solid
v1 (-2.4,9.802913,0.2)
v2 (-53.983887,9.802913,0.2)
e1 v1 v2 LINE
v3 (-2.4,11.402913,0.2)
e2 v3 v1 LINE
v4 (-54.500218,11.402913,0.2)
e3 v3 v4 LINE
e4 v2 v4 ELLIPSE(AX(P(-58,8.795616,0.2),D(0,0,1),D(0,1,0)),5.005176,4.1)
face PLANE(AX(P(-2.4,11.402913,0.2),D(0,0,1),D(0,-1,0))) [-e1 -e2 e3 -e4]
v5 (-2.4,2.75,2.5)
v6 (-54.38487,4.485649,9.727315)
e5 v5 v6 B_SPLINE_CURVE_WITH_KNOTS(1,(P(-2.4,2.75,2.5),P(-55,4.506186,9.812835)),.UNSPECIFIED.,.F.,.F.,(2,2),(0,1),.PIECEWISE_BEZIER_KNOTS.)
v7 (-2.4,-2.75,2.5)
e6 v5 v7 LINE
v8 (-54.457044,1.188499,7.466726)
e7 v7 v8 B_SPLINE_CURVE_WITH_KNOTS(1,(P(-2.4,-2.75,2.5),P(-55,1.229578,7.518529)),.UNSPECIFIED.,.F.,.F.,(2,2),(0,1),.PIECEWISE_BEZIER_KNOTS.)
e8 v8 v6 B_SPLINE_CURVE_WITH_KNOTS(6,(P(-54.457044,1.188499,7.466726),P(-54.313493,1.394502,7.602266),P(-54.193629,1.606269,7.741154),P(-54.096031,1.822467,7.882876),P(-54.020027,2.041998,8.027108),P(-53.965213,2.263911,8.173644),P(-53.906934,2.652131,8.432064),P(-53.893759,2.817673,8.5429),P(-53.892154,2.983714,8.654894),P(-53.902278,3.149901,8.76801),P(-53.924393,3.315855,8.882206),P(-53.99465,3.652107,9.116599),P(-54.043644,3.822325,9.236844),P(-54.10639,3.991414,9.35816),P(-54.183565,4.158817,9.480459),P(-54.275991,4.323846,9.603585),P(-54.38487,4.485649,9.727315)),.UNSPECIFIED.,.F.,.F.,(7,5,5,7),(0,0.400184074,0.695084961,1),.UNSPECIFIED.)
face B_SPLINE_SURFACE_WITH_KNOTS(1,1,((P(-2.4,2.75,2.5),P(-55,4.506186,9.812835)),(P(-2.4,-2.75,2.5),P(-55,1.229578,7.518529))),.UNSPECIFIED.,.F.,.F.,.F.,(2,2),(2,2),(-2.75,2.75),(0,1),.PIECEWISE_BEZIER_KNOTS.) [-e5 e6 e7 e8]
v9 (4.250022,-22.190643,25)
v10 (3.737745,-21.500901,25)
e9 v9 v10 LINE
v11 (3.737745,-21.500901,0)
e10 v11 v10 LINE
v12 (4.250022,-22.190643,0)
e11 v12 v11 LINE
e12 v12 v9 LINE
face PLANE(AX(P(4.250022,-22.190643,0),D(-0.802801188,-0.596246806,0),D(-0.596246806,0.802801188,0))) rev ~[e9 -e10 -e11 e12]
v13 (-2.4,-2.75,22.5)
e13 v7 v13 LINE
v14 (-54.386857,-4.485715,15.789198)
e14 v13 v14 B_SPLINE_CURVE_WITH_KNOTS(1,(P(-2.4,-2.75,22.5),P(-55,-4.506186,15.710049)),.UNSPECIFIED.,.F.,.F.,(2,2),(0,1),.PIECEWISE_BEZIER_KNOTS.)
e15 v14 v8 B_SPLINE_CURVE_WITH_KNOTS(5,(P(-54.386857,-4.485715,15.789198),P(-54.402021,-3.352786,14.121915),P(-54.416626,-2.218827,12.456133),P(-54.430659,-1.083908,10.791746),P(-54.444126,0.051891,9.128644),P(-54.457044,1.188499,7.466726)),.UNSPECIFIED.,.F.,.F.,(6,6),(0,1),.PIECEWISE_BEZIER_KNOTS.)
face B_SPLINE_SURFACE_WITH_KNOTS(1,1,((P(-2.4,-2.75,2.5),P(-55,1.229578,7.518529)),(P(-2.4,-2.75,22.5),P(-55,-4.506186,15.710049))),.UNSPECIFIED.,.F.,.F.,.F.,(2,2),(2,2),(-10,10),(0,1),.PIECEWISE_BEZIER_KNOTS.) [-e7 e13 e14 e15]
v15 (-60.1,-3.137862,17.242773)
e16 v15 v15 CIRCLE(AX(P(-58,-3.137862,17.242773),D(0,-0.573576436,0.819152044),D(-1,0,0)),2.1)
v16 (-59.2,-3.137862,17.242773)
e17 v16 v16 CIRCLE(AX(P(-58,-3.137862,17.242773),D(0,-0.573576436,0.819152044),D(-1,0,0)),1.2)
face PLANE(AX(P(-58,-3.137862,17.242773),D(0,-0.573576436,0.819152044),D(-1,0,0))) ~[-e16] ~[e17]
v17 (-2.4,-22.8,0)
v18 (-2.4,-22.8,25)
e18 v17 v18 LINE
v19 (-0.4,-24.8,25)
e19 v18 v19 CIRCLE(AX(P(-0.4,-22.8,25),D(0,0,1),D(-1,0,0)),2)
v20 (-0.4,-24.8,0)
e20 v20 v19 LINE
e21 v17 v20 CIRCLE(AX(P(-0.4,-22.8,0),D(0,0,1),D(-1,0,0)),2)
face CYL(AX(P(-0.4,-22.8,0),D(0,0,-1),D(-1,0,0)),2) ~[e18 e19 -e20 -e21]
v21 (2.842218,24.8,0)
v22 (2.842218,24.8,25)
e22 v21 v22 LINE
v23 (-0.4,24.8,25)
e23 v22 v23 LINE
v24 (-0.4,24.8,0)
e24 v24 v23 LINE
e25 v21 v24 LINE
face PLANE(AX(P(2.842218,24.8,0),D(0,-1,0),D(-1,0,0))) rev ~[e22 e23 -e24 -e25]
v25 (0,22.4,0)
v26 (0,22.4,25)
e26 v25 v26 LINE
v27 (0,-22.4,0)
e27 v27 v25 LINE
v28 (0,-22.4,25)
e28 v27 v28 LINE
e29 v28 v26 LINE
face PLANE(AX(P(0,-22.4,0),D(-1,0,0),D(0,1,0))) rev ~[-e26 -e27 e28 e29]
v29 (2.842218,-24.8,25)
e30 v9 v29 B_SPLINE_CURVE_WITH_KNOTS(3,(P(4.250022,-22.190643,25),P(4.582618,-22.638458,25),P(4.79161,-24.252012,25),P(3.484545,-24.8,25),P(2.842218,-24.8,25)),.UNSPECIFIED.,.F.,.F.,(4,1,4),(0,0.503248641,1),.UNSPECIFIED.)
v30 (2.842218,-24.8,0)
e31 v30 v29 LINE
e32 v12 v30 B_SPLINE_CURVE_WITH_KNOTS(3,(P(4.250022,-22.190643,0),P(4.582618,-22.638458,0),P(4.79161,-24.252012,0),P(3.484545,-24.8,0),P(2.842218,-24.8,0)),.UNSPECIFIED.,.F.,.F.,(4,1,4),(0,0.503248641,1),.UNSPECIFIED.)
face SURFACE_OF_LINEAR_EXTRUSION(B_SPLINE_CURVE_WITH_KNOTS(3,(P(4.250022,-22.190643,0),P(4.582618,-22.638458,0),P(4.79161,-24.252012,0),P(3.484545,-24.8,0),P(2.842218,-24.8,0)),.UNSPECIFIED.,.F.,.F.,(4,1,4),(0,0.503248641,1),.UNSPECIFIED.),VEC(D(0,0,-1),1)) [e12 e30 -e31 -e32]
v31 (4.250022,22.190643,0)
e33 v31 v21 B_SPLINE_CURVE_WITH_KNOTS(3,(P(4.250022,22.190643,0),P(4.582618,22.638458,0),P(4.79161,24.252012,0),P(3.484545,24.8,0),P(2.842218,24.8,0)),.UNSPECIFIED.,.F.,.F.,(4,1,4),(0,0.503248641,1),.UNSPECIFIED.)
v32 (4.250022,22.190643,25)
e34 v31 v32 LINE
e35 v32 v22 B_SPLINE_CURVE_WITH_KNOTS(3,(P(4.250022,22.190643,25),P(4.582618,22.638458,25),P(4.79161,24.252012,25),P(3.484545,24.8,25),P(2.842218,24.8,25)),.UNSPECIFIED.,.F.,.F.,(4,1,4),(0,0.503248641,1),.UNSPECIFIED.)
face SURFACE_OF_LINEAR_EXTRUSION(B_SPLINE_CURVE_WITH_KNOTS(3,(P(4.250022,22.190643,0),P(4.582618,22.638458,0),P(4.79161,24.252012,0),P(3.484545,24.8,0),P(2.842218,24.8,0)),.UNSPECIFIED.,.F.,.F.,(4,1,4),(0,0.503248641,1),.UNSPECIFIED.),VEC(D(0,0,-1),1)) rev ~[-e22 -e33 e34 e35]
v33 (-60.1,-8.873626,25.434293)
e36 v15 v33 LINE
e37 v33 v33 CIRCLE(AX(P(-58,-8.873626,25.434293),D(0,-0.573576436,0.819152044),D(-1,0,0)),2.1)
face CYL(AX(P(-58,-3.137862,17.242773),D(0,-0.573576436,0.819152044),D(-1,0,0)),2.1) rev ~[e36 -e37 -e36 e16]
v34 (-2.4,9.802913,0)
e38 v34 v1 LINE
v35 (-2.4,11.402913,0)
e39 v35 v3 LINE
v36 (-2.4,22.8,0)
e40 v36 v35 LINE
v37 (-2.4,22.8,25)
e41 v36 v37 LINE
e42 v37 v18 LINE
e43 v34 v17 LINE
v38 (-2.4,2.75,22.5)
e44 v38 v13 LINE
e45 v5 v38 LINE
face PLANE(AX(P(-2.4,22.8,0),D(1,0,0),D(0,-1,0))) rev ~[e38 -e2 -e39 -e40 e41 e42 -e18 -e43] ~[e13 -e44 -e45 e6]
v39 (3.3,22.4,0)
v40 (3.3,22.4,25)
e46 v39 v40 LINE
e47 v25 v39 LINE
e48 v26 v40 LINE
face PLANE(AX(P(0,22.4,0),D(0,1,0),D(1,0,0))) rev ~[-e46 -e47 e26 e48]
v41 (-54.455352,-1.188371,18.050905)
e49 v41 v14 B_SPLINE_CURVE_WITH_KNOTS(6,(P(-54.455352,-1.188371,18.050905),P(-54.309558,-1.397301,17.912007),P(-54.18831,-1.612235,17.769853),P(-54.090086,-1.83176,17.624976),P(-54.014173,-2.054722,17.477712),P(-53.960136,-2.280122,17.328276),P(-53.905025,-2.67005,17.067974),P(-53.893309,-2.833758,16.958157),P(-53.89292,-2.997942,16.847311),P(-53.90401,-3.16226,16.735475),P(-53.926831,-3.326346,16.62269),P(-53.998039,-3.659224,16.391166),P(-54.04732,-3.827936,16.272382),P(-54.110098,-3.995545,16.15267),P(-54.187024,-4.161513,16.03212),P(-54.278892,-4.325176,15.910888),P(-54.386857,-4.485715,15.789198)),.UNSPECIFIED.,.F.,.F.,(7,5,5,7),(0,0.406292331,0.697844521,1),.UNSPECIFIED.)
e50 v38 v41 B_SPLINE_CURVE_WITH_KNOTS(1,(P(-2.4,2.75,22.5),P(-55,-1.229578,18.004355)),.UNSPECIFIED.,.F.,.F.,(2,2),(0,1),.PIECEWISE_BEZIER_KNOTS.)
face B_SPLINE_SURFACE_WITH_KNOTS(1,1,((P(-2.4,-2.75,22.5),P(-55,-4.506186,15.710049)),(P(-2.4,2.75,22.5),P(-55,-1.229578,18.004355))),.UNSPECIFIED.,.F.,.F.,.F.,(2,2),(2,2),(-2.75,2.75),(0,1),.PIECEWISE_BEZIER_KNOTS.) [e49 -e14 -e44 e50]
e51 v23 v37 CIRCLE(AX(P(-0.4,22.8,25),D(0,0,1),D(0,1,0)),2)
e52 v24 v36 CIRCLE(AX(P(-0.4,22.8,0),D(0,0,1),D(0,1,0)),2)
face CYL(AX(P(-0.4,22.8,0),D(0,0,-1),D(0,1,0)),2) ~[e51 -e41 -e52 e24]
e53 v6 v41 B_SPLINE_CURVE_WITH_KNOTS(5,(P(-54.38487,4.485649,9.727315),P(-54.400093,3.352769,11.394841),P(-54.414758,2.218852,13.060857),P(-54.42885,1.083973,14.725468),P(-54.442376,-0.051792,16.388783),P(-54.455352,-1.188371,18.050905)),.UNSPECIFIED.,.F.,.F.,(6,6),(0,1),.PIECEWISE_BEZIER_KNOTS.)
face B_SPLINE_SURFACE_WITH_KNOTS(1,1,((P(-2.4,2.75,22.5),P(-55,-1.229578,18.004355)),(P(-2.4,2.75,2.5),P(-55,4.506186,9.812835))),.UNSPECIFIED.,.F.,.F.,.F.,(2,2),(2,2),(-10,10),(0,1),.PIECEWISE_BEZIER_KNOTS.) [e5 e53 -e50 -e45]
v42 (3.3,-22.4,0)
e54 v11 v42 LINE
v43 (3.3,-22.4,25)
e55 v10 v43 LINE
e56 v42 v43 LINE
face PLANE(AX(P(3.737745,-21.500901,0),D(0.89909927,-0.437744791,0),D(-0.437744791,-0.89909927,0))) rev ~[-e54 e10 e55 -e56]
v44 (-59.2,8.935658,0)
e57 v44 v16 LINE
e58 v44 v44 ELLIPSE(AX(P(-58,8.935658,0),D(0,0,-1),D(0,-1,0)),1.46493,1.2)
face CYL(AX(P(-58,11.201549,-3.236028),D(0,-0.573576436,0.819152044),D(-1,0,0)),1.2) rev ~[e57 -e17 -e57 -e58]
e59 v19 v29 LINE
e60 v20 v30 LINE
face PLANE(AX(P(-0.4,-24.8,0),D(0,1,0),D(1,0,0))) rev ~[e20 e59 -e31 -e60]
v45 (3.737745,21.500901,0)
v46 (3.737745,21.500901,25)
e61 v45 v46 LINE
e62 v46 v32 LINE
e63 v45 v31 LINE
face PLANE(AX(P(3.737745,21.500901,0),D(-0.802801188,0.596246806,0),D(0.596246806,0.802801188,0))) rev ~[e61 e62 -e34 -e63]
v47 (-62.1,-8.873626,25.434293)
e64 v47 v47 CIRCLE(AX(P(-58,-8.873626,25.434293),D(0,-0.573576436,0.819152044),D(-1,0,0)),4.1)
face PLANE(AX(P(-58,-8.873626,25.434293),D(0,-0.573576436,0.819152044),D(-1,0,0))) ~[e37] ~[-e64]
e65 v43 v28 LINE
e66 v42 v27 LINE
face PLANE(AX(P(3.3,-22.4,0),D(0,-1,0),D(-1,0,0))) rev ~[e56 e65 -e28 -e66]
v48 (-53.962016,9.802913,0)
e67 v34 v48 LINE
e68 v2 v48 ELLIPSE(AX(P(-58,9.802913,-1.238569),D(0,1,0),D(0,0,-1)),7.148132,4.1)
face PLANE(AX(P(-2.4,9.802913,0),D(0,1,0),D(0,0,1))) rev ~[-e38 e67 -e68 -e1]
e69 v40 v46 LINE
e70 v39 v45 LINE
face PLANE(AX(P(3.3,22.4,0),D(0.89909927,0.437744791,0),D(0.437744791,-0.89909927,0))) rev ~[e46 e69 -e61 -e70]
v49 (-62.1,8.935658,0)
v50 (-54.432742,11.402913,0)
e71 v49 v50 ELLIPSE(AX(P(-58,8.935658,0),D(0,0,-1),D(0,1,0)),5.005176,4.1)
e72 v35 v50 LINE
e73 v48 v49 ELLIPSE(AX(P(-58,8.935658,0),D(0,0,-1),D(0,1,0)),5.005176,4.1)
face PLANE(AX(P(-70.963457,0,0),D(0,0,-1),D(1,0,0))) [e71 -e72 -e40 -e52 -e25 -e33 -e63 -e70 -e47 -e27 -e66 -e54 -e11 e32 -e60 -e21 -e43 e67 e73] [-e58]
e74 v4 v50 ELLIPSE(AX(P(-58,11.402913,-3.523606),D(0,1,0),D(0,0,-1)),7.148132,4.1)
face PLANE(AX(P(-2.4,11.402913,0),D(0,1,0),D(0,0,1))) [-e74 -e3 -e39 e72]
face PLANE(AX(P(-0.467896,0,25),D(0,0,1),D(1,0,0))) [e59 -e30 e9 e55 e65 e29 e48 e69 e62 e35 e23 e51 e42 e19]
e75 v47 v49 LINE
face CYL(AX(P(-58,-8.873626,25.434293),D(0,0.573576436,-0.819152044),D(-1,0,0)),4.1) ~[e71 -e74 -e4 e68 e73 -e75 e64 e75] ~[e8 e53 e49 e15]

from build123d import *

# Parameters (mm, degrees)
F1_DEPTH  = 25
F4_W      = 5.5
F4_H      = 20
F9_W      = 27.424
F9_H      = 9.749
F10_DEPTH = 25
F11_W     = 1.6
F11_H     = 0.2


with BuildPart() as f1:
    # F0 (on Top) → F1 (new body)
    with BuildSketch(Plane.XY):
        with BuildLine():
            Line((0, -22.4), (0, 0))
            Line((0, 0), (0, 22.4))
            Line((0, 22.4), (3.3, 22.4))
            Line((3.3, 22.4), (3.7377447908, 21.5009007295))
            Line((3.7377447908, 21.5009007295), (4.2500217799, 22.1906429157))
            add(Edge.make_bspline(
                [(4.2500217799, 22.1906429157), (4.5826178906, 22.638458401), (4.7916104177, 24.2520123151), (3.4845446819, 24.8), (2.8422182777, 24.8)],
                knots=[0, 0, 0, 0, 0.5032486408, 1, 1, 1, 1], degree=3))
            Line((2.8422182777, 24.8), (-0.4, 24.8))
            ThreePointArc((-0.4, 24.8), (-1.8142135624, 24.2142135624), (-2.4, 22.8))
            Line((-2.4, 22.8), (-2.4, 0))
            Line((-2.4, 0), (-2.4, -22.8))
            ThreePointArc((-2.4, -22.8), (-1.8142135624, -24.2142135624), (-0.4, -24.8))
            Line((-0.4, -24.8), (2.8422182777, -24.8))
            add(Edge.make_bspline(
                [(4.2500217799, -22.1906429157), (4.5826178906, -22.638458401), (4.7916104177, -24.2520123151), (3.4845446819, -24.8), (2.8422182777, -24.8)],
                knots=[0, 0, 0, 0, 0.5032486408, 1, 1, 1, 1], degree=3))
            Line((4.2500217799, -22.1906429157), (3.7377447908, -21.5009007295))
            Line((3.7377447908, -21.5009007295), (3.3, -22.4))
            Line((3.3, -22.4), (0, -22.4))
        make_face()
    extrude(amount=F1_DEPTH)

    # F4 (on face) → F5 section 0
    with BuildSketch(Plane(origin=(-2.4, 0, 0), x_dir=(0, -1, 0), z_dir=(-1, 0, 0))):
        with Locations((0, 12.5)):
            Rectangle(F4_W, F4_H)
    # F3 (on offset) → F5 section 1
    with BuildSketch(Plane.YZ.offset(-55)):
        Polygon((4.5061862703, 9.812834642), (-1.2295780932, 18.0043550849), (-4.5061862703, 15.7100493395), (1.2295780932, 7.5185288966), align=None)
    loft()

    # F7 (on face) → F8 (revolve)
    with BuildSketch(Plane(origin=(0, 5.9959164346, 4.198385886), x_dir=(1, 0, 0), z_dir=(0, -0.8191520443, -0.5735764364))):
        Polygon((-59.2, -9.0757438921), (-59.2, 15.9242561079), (-60.1, 15.9242561079), (-60.1, 25.9242561079), (-62.1, 25.9242561079), (-62.1, -9.0757438921), align=None)
    revolve(axis=Axis((-58, -0.1314634537, 12.94919126), (0, -0.5735764364, 0.8191520443)))

    # F9 (on Front) → F10 (cut)
    with BuildSketch(Plane.XZ):
        with Locations((-57.2514572268, -4.8745)):
            Rectangle(F9_W, F9_H)
    extrude(amount=-F10_DEPTH, mode=Mode.SUBTRACT)

    # F11 (on face) → F12 (join, up to the next surface of F1)
    with BuildSketch(Plane(origin=(-2.4, 0, 0), x_dir=(0, -1, 0), z_dir=(-1, 0, 0))):
        with Locations((-10.6029133692, 0.1)):
            Rectangle(F11_W, F11_H)
    extrude(until=Until.NEXT)


solid = f1.part
